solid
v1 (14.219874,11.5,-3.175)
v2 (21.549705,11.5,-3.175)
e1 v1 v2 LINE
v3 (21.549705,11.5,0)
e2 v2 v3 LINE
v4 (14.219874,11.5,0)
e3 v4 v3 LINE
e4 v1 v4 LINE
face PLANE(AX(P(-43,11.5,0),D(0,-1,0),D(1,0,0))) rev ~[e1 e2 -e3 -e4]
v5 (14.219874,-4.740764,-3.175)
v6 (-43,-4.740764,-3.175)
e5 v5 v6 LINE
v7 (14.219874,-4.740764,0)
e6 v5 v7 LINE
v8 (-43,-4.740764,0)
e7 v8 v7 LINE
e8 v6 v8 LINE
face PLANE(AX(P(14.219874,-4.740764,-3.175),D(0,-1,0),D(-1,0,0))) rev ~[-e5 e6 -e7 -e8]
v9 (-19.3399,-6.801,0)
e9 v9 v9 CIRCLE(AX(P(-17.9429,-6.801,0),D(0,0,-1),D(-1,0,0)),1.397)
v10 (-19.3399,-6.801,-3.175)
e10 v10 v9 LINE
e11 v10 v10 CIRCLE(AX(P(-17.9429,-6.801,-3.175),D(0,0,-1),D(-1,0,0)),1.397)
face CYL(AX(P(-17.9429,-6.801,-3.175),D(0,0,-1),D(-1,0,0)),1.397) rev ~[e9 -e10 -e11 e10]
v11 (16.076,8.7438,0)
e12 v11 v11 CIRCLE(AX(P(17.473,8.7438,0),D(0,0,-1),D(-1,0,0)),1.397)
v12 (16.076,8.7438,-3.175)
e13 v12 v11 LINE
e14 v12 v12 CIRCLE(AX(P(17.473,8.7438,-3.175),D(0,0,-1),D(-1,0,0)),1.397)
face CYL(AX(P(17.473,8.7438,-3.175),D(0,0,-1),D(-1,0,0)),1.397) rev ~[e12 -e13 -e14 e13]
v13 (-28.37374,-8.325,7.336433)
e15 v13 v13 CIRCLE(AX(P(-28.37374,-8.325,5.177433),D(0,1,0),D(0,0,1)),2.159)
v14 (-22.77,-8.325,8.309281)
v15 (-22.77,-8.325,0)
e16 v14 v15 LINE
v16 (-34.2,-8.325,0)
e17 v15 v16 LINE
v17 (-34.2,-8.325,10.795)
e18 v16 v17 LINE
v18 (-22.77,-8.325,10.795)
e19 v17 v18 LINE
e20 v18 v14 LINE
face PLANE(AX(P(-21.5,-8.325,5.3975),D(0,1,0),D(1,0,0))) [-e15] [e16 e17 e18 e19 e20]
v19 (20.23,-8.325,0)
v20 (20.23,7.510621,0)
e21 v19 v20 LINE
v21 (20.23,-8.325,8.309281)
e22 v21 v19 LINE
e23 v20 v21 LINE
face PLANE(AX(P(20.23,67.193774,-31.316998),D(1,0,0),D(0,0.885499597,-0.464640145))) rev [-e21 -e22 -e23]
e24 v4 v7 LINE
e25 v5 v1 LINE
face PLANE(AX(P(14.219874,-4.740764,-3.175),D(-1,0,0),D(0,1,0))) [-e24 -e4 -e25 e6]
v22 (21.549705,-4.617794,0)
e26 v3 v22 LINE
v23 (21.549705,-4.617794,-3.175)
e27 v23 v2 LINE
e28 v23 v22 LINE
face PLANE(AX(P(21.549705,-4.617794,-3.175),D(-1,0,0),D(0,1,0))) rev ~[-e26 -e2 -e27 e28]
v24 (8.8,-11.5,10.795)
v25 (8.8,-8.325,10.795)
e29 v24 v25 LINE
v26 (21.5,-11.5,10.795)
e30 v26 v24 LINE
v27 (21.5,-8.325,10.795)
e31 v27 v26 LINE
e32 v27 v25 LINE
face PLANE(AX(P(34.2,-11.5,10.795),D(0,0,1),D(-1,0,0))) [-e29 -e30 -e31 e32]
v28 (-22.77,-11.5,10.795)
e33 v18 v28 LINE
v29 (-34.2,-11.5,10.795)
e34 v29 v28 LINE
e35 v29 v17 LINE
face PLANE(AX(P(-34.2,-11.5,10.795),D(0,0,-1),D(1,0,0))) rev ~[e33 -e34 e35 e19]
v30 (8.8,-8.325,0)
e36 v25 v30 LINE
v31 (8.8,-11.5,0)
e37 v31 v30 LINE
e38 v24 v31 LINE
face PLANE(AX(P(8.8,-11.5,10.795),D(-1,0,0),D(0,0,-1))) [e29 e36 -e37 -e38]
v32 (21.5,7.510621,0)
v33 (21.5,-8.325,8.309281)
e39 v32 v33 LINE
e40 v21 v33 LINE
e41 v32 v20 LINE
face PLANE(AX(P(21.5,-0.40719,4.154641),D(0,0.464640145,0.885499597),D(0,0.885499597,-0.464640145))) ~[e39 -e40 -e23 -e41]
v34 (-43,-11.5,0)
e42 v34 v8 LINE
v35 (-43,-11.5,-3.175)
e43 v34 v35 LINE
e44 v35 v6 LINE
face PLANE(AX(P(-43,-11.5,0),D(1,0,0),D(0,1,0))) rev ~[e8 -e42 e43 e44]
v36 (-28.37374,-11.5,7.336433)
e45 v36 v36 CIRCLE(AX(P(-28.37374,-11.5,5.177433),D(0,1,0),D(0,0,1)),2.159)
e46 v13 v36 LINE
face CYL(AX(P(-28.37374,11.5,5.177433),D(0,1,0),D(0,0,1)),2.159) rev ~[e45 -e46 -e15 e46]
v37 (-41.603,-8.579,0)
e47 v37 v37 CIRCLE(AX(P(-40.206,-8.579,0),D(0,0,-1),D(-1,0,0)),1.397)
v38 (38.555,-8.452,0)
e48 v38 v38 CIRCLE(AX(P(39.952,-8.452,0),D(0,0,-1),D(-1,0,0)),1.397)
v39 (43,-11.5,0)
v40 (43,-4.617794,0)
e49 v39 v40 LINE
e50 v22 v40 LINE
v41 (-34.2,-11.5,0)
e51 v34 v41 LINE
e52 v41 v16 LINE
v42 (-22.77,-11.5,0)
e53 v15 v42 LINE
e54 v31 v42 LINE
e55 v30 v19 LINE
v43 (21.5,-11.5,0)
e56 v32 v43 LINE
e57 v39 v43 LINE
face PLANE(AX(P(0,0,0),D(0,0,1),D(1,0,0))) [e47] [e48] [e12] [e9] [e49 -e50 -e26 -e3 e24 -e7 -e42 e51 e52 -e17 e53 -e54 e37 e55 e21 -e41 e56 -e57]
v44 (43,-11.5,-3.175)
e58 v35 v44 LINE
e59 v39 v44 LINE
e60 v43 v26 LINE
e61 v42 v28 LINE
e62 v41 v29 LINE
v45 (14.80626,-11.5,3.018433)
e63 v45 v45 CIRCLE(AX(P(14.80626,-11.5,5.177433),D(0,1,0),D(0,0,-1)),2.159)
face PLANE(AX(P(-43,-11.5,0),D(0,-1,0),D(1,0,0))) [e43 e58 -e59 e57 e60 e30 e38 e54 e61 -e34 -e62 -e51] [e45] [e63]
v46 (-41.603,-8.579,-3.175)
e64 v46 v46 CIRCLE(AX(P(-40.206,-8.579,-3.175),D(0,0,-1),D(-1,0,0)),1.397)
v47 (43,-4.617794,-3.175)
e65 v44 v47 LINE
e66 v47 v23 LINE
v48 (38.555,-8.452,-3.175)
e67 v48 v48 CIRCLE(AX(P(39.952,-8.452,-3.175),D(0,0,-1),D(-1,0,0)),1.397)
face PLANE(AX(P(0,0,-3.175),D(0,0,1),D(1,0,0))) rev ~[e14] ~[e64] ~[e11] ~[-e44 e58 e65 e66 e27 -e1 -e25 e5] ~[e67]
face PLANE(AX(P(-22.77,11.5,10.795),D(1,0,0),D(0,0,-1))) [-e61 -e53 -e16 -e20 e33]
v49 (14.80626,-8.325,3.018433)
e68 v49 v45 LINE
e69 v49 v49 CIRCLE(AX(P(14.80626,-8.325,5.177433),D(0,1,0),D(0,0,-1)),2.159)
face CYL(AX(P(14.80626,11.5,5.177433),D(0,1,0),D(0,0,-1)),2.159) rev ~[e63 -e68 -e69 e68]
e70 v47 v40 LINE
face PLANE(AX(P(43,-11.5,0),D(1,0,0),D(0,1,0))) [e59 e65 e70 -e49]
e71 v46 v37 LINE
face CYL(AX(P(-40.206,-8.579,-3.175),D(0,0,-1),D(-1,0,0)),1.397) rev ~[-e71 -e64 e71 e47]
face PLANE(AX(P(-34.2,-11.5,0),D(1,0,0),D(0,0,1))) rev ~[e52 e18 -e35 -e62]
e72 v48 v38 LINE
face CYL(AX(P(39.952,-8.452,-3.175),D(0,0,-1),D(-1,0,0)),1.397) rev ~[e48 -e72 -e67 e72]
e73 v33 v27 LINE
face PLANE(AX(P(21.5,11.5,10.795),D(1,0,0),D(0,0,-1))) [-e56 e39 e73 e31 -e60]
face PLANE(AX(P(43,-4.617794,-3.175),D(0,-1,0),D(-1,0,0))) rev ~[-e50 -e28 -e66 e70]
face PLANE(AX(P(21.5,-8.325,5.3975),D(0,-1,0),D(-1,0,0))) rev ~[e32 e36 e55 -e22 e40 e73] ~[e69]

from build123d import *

# Parameters (mm, degrees)
SKETCH1_W           = 86
SKETCH1_H           = 23
BOSS_EXTRUDE1_DEPTH = 3.175
BOSS_EXTRUDE2_DEPTH = 3.175
RIB4_REACH          = 68.401
SKETCH11_WALL_W     = 152.68434621
SKETCH11_WALL_H     = 2.54
SKETCH17_W          = 12.7
SKETCH17_H          = 10.795
CUT_EXTRUDE1_DEPTH  = 50.945290319
SKETCH18_R          = 2.159
CUT_EXTRUDE2_DEPTH  = 127
SKETCH19_R          = 1.397
CUT_EXTRUDE3_DEPTH  = 47.652019249
SKETCH21_W          = 1.27
SKETCH21_H          = 10.795
CUT_EXTRUDE4_DEPTH  = 50.945290319
SKETCH23_W          = 57.219873646
SKETCH23_H          = 16.240764414
SKETCH23_W_2        = 21.450294578
SKETCH23_H_2        = 16.117794019
CUT_EXTRUDE5_DEPTH  = 47.652019249


with BuildPart() as part:
    # Sketch1 → Boss-Extrude1 (new body)
    with BuildSketch(Plane.XY):
        Rectangle(SKETCH1_W, SKETCH1_H)
    extrude(amount=-BOSS_EXTRUDE1_DEPTH)

    # Sketch3 → Boss-Extrude2 (add)
    with BuildSketch(Plane(origin=(0, -11.5, 0), x_dir=(-1, 0, 0), z_dir=(0, -1, 0))):
        Polygon((34.200000011, 0), (34.200000011, -10.795), (8.80000001, -10.795), (8.800000011, 0), align=None)
        Polygon((-34.200000011, 0), (-34.200000011, -10.795), (-8.80000001, -10.795), (-8.800000011, 0), align=None)
    extrude(amount=-BOSS_EXTRUDE2_DEPTH)

    # Sketch11 wall → Rib4 (add, up to next)
    with BuildSketch(Plane(origin=(-21.500000011, -0.407189587, 4.154640606), x_dir=(-5.6e-11, -0.885499596527, 0.46464014522), z_dir=(0, 0.46464014522, 0.885499596527)), mode=Mode.PRIVATE) as rib4_sk1:
        Rectangle(SKETCH11_WALL_W, SKETCH11_WALL_H)
    rib4_tool1 = extrude(rib4_sk1.sketch, amount=-RIB4_REACH, mode=Mode.PRIVATE) - part.part
    rib4 = rib4_tool1.solids().sort_by_distance((-21.500000011, -0.407189587, 4.154640606))[0]
    add(rib4)

    # Mirror1: Rib4 across plane
    add(rib4.mirror(Plane(origin=(0, 0, 0), x_dir=(0, 0, 1), z_dir=(1, 0, 0))))

    # Sketch17 → Cut-Extrude1 (cut, through all)
    with BuildSketch(Plane(origin=(0, 11.5, 0), x_dir=(1, 0, 0), z_dir=(0, 1, 0))):
        with Locations((-15.15000001, -5.3975)):
            Rectangle(SKETCH17_W, SKETCH17_H)
        with Locations((27.850000011, -5.3975)):
            Rectangle(SKETCH17_W, SKETCH17_H)
    extrude(amount=-CUT_EXTRUDE1_DEPTH, mode=Mode.SUBTRACT)

    # Sketch18 → Cut-Extrude2 (cut)
    with BuildSketch(Plane(origin=(0, 11.5, 0), x_dir=(1, 0, 0), z_dir=(0, 1, 0))):
        with Locations(Location((-28.373739812, -5.177433052, 0), (0, 0, 270))):
            Circle(SKETCH18_R)
        with Locations(Location((14.806260188, -5.177433052, 0), (0, 0, 90))):
            Circle(SKETCH18_R)
    extrude(amount=-CUT_EXTRUDE2_DEPTH, mode=Mode.SUBTRACT)

    # Sketch19 → Cut-Extrude3 (cut, through all)
    with BuildSketch(Plane(origin=(0, 0, -3.175), x_dir=(-1, 0, 0), z_dir=(0, 0, -1))):
        with Locations((-39.952, -8.452)):
            Circle(SKETCH19_R)
        with Locations((-17.473, 8.7438)):
            Circle(SKETCH19_R)
        with Locations((17.9429, -6.801)):
            Circle(SKETCH19_R)
        with Locations((40.206, -8.579)):
            Circle(SKETCH19_R)
    extrude(amount=-CUT_EXTRUDE3_DEPTH, mode=Mode.SUBTRACT)

    # Sketch21 → Cut-Extrude4 (cut, through all)
    with BuildSketch(Plane(origin=(0, 11.5, 0), x_dir=(1, 0, 0), z_dir=(0, 1, 0))):
        with Locations((-22.13500001, -5.3975)):
            Rectangle(SKETCH21_W, SKETCH21_H)
    extrude(amount=-CUT_EXTRUDE4_DEPTH, mode=Mode.SUBTRACT)

    # Sketch23 → Cut-Extrude5 (cut, through all)
    with BuildSketch(Plane(origin=(0, 0, -3.175), x_dir=(-1, 0, 0), z_dir=(0, 0, -1))):
        with Locations((14.390063177, 3.379617793)):
            Rectangle(SKETCH23_W, SKETCH23_H)
        with Locations((-32.274852711, 3.44110299)):
            Rectangle(SKETCH23_W_2, SKETCH23_H_2)
    extrude(amount=-CUT_EXTRUDE5_DEPTH, mode=Mode.SUBTRACT)


solid = part.part
